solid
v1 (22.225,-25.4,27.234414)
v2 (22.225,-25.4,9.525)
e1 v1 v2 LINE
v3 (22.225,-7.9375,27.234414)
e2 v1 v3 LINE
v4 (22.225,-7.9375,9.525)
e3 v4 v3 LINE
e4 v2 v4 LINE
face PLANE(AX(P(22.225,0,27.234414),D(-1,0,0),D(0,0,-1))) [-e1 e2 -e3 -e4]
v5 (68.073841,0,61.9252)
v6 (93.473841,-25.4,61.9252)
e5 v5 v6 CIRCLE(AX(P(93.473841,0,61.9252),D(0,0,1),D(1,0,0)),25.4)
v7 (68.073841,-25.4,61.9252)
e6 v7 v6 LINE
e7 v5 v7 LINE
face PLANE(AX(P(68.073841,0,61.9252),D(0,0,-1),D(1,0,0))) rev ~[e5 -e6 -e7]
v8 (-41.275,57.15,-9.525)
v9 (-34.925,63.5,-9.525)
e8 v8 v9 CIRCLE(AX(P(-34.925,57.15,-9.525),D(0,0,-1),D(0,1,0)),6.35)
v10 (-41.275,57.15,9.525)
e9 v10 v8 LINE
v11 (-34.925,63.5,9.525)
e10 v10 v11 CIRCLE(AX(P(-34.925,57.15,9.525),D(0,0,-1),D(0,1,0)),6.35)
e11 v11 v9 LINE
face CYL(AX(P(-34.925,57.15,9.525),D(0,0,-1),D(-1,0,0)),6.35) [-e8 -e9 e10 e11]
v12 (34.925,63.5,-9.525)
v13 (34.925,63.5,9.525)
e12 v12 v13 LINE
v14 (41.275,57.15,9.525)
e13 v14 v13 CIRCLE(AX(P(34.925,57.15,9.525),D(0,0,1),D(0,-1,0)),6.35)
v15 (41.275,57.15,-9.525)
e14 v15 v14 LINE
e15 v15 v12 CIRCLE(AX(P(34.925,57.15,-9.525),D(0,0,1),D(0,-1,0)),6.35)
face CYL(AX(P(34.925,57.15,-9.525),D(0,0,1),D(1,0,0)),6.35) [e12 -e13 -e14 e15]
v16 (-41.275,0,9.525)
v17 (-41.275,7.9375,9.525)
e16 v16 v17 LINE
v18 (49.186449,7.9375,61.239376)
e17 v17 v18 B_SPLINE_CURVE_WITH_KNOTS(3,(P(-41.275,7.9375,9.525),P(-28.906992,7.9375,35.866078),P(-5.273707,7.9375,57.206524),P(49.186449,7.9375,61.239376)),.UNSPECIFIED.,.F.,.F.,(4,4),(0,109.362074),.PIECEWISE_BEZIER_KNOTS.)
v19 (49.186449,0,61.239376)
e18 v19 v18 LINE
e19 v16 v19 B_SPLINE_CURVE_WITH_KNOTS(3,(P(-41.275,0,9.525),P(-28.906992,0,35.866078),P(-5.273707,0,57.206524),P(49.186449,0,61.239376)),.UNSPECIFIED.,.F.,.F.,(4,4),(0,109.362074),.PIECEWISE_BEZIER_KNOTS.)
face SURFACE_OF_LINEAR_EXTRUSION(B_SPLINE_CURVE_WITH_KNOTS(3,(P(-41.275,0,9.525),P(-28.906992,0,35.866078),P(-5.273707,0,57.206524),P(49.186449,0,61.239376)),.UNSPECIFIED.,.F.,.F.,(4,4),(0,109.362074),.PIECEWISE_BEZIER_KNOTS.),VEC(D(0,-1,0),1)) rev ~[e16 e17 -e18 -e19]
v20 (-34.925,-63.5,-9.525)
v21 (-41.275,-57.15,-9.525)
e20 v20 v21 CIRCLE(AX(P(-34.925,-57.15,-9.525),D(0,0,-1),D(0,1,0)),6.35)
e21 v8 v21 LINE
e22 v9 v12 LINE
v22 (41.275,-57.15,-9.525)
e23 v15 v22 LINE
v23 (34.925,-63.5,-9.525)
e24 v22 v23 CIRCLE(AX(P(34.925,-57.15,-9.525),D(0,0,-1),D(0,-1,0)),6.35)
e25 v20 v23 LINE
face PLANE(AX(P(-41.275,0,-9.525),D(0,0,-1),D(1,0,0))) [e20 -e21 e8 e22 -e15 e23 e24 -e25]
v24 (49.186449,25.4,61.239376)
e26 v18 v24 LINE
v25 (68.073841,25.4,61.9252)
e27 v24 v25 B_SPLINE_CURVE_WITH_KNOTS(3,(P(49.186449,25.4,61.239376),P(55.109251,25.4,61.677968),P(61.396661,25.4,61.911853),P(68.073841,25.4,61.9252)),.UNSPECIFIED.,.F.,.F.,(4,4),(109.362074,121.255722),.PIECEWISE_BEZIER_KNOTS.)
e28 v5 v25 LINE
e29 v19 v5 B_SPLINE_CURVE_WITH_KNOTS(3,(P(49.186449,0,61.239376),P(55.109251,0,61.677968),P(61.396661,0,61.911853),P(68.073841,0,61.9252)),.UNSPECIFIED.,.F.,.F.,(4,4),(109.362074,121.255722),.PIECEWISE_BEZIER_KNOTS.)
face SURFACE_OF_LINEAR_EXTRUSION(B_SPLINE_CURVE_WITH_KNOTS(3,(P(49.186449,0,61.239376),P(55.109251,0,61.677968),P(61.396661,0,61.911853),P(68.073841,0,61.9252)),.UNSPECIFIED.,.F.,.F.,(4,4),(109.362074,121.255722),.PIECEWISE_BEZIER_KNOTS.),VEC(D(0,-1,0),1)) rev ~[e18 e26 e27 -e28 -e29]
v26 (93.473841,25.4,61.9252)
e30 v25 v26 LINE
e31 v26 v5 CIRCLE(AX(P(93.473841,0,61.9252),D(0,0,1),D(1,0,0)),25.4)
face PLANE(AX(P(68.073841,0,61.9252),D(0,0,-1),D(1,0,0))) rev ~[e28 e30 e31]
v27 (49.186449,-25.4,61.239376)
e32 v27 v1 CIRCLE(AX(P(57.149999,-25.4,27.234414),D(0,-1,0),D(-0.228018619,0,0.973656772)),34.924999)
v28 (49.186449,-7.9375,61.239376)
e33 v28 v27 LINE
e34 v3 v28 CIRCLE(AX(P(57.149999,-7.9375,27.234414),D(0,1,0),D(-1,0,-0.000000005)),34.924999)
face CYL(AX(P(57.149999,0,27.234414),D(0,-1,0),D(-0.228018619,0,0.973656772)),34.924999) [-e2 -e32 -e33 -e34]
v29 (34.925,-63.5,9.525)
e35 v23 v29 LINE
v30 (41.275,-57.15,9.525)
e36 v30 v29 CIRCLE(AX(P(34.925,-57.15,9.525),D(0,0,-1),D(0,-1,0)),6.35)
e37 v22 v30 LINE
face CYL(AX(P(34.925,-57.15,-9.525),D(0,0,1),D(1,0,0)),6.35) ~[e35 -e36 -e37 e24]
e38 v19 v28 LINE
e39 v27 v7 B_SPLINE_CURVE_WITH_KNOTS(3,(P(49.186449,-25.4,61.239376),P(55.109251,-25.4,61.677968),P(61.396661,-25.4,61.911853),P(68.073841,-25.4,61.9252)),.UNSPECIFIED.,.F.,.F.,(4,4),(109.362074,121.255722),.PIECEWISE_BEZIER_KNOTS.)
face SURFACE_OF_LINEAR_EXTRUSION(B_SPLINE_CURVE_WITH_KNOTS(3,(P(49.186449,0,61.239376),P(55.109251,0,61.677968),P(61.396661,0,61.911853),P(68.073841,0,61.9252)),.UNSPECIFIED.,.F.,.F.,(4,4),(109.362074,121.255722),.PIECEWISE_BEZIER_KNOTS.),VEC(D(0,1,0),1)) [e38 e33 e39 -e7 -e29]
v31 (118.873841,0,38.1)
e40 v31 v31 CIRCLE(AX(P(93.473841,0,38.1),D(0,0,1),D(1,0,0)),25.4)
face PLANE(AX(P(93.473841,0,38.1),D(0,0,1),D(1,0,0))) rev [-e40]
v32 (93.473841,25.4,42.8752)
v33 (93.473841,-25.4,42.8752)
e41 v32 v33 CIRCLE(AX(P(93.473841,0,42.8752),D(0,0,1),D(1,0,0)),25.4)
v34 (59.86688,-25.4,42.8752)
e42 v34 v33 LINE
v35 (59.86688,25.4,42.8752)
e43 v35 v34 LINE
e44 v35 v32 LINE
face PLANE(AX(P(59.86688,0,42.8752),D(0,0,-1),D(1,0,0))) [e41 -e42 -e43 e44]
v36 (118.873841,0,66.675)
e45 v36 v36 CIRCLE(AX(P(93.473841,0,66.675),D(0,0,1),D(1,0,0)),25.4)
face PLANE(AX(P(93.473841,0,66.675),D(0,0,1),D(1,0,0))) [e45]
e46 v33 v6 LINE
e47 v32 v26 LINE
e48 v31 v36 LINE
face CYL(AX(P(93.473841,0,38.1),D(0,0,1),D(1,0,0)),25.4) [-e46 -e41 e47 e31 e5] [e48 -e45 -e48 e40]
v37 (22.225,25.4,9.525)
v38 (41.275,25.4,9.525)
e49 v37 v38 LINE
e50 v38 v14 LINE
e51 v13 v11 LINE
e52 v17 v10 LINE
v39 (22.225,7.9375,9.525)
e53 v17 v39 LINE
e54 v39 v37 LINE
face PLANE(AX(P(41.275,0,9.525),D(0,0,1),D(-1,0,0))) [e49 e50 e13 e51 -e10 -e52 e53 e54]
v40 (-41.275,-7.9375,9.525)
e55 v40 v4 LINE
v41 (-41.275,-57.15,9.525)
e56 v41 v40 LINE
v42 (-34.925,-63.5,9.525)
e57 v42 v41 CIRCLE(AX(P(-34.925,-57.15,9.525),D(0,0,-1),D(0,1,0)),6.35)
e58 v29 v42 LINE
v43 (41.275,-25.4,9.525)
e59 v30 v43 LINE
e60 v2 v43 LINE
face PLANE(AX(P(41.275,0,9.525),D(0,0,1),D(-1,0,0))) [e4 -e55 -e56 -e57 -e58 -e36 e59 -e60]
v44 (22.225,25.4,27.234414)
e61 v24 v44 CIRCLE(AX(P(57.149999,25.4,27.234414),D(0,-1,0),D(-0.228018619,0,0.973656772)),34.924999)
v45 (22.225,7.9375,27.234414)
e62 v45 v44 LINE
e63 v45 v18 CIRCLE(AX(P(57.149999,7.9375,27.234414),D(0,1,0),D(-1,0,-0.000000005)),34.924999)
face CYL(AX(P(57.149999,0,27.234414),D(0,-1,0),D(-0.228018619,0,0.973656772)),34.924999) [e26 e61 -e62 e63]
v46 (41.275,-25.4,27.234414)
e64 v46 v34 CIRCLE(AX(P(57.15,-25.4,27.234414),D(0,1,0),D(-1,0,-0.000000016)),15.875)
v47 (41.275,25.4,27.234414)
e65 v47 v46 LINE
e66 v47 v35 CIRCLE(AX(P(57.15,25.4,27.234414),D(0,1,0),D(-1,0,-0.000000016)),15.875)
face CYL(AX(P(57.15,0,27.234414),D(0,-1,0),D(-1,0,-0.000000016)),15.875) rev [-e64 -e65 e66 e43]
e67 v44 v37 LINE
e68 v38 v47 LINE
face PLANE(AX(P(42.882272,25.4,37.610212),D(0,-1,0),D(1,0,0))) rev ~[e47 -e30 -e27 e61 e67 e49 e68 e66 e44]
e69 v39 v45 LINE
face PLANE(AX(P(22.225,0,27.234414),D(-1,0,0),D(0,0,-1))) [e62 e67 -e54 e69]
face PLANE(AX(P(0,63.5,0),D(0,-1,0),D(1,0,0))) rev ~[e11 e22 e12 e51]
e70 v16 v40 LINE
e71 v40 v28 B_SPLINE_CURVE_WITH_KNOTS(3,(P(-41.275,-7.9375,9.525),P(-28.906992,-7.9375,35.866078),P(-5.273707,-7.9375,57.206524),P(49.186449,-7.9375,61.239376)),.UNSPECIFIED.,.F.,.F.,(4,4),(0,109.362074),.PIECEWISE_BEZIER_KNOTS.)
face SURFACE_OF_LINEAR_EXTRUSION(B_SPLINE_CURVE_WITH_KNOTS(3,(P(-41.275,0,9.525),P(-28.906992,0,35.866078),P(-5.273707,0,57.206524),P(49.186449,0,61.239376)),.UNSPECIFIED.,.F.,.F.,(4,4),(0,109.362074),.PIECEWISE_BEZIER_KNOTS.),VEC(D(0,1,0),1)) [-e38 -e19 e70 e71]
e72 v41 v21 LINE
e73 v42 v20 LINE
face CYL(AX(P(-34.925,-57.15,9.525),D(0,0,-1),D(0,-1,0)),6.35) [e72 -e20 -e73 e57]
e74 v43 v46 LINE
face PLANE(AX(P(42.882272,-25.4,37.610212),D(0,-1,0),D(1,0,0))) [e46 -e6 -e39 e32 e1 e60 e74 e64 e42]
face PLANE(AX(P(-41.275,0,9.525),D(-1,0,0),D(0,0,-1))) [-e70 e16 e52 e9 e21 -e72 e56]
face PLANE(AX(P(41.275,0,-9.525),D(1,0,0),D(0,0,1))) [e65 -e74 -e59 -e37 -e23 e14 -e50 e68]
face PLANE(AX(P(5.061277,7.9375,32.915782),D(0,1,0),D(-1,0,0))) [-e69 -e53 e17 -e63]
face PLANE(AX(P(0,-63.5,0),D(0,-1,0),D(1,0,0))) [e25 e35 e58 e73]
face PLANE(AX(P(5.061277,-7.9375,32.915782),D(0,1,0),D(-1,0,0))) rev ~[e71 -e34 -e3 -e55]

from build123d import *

# Parameters (mm, degrees)
F1_DEPTH = 63.5
F0_W     = 25.4
F0_H     = 19.05
F2_DEPTH = 25.4
F3_DEPTH = 7.9375
F5_R     = 6.35


with BuildPart() as f1:
    # F0 (on Front) → F1 (new body, symmetric)
    with BuildSketch(Plane.XZ):
        Polygon((-41.275, 9.525), (-41.275, -9.525), (41.275, -9.525), (41.275, 9.525), (22.225, 9.525), align=None)
    extrude(amount=F1_DEPTH, both=True)

    # F0 (on Front) → F2 (join, symmetric)
    with BuildSketch(Plane.XZ):
        with BuildLine():
            Line((22.225, 9.525), (41.275, 9.525))
            Line((41.275, 9.525), (41.275, 27.234414))
            ThreePointArc((41.275, 27.234414), (46.930285, 39.382379), (59.86688, 42.8752))
            Line((59.86688, 42.8752), (68.073841, 42.8752))
            Line((68.073841, 42.8752), (68.073841, 61.9252))
            add(Edge.make_bspline(
                [(49.186449, 61.239376), (55.109251, 61.677968), (61.396661, 61.911853), (68.073841, 61.9252)],
                knots=[109.362074, 109.362074, 109.362074, 109.362074, 121.255722, 121.255722, 121.255722, 121.255722], degree=3))
            ThreePointArc((49.186449, 61.239376), (29.783208, 48.93267), (22.225, 27.234414))
            Line((22.225, 27.234414), (22.225, 9.525))
        make_face()
        with Locations((80.773841, 52.4002)):
            Rectangle(F0_W, F0_H)
    extrude(amount=F2_DEPTH, both=True)

    # F0 (on Front) → F3 (join, symmetric)
    with BuildSketch(Plane.XZ):
        with BuildLine():
            add(Edge.make_bspline(
                [(-41.275, 9.525), (-28.906992, 35.866078), (-5.273707, 57.206524), (49.186449, 61.239376)],
                knots=[0, 0, 0, 0, 109.362074, 109.362074, 109.362074, 109.362074], degree=3))
            Line((-41.275, 9.525), (22.225, 9.525))
            Line((22.225, 9.525), (22.225, 27.234414))
            ThreePointArc((22.225, 27.234414), (29.783208, 48.93267), (49.186449, 61.239376))
        make_face()
    extrude(amount=F3_DEPTH, both=True)

    # F0 (on Front) → F4 (revolve)
    with BuildSketch(Plane.XZ):
        Polygon((93.473841, 66.675), (93.473841, 61.9252), (93.473841, 42.8752), (93.473841, 38.1), (118.873841, 38.1), (118.873841, 66.675), align=None)
    revolve(axis=Axis((93.473841, 0, 52.3875), (0, 0, 1)))

    # F5
    f5_edges = [f1.edges().sort_by_distance(p)[0] for p in [
        (-41.275, -63.5, 0),
        (41.275, -63.5, 0),
        (41.275, 63.5, 0),
        (-41.275, 63.5, 0),
    ]]
    fillet(f5_edges, radius=F5_R)


solid = f1.part
